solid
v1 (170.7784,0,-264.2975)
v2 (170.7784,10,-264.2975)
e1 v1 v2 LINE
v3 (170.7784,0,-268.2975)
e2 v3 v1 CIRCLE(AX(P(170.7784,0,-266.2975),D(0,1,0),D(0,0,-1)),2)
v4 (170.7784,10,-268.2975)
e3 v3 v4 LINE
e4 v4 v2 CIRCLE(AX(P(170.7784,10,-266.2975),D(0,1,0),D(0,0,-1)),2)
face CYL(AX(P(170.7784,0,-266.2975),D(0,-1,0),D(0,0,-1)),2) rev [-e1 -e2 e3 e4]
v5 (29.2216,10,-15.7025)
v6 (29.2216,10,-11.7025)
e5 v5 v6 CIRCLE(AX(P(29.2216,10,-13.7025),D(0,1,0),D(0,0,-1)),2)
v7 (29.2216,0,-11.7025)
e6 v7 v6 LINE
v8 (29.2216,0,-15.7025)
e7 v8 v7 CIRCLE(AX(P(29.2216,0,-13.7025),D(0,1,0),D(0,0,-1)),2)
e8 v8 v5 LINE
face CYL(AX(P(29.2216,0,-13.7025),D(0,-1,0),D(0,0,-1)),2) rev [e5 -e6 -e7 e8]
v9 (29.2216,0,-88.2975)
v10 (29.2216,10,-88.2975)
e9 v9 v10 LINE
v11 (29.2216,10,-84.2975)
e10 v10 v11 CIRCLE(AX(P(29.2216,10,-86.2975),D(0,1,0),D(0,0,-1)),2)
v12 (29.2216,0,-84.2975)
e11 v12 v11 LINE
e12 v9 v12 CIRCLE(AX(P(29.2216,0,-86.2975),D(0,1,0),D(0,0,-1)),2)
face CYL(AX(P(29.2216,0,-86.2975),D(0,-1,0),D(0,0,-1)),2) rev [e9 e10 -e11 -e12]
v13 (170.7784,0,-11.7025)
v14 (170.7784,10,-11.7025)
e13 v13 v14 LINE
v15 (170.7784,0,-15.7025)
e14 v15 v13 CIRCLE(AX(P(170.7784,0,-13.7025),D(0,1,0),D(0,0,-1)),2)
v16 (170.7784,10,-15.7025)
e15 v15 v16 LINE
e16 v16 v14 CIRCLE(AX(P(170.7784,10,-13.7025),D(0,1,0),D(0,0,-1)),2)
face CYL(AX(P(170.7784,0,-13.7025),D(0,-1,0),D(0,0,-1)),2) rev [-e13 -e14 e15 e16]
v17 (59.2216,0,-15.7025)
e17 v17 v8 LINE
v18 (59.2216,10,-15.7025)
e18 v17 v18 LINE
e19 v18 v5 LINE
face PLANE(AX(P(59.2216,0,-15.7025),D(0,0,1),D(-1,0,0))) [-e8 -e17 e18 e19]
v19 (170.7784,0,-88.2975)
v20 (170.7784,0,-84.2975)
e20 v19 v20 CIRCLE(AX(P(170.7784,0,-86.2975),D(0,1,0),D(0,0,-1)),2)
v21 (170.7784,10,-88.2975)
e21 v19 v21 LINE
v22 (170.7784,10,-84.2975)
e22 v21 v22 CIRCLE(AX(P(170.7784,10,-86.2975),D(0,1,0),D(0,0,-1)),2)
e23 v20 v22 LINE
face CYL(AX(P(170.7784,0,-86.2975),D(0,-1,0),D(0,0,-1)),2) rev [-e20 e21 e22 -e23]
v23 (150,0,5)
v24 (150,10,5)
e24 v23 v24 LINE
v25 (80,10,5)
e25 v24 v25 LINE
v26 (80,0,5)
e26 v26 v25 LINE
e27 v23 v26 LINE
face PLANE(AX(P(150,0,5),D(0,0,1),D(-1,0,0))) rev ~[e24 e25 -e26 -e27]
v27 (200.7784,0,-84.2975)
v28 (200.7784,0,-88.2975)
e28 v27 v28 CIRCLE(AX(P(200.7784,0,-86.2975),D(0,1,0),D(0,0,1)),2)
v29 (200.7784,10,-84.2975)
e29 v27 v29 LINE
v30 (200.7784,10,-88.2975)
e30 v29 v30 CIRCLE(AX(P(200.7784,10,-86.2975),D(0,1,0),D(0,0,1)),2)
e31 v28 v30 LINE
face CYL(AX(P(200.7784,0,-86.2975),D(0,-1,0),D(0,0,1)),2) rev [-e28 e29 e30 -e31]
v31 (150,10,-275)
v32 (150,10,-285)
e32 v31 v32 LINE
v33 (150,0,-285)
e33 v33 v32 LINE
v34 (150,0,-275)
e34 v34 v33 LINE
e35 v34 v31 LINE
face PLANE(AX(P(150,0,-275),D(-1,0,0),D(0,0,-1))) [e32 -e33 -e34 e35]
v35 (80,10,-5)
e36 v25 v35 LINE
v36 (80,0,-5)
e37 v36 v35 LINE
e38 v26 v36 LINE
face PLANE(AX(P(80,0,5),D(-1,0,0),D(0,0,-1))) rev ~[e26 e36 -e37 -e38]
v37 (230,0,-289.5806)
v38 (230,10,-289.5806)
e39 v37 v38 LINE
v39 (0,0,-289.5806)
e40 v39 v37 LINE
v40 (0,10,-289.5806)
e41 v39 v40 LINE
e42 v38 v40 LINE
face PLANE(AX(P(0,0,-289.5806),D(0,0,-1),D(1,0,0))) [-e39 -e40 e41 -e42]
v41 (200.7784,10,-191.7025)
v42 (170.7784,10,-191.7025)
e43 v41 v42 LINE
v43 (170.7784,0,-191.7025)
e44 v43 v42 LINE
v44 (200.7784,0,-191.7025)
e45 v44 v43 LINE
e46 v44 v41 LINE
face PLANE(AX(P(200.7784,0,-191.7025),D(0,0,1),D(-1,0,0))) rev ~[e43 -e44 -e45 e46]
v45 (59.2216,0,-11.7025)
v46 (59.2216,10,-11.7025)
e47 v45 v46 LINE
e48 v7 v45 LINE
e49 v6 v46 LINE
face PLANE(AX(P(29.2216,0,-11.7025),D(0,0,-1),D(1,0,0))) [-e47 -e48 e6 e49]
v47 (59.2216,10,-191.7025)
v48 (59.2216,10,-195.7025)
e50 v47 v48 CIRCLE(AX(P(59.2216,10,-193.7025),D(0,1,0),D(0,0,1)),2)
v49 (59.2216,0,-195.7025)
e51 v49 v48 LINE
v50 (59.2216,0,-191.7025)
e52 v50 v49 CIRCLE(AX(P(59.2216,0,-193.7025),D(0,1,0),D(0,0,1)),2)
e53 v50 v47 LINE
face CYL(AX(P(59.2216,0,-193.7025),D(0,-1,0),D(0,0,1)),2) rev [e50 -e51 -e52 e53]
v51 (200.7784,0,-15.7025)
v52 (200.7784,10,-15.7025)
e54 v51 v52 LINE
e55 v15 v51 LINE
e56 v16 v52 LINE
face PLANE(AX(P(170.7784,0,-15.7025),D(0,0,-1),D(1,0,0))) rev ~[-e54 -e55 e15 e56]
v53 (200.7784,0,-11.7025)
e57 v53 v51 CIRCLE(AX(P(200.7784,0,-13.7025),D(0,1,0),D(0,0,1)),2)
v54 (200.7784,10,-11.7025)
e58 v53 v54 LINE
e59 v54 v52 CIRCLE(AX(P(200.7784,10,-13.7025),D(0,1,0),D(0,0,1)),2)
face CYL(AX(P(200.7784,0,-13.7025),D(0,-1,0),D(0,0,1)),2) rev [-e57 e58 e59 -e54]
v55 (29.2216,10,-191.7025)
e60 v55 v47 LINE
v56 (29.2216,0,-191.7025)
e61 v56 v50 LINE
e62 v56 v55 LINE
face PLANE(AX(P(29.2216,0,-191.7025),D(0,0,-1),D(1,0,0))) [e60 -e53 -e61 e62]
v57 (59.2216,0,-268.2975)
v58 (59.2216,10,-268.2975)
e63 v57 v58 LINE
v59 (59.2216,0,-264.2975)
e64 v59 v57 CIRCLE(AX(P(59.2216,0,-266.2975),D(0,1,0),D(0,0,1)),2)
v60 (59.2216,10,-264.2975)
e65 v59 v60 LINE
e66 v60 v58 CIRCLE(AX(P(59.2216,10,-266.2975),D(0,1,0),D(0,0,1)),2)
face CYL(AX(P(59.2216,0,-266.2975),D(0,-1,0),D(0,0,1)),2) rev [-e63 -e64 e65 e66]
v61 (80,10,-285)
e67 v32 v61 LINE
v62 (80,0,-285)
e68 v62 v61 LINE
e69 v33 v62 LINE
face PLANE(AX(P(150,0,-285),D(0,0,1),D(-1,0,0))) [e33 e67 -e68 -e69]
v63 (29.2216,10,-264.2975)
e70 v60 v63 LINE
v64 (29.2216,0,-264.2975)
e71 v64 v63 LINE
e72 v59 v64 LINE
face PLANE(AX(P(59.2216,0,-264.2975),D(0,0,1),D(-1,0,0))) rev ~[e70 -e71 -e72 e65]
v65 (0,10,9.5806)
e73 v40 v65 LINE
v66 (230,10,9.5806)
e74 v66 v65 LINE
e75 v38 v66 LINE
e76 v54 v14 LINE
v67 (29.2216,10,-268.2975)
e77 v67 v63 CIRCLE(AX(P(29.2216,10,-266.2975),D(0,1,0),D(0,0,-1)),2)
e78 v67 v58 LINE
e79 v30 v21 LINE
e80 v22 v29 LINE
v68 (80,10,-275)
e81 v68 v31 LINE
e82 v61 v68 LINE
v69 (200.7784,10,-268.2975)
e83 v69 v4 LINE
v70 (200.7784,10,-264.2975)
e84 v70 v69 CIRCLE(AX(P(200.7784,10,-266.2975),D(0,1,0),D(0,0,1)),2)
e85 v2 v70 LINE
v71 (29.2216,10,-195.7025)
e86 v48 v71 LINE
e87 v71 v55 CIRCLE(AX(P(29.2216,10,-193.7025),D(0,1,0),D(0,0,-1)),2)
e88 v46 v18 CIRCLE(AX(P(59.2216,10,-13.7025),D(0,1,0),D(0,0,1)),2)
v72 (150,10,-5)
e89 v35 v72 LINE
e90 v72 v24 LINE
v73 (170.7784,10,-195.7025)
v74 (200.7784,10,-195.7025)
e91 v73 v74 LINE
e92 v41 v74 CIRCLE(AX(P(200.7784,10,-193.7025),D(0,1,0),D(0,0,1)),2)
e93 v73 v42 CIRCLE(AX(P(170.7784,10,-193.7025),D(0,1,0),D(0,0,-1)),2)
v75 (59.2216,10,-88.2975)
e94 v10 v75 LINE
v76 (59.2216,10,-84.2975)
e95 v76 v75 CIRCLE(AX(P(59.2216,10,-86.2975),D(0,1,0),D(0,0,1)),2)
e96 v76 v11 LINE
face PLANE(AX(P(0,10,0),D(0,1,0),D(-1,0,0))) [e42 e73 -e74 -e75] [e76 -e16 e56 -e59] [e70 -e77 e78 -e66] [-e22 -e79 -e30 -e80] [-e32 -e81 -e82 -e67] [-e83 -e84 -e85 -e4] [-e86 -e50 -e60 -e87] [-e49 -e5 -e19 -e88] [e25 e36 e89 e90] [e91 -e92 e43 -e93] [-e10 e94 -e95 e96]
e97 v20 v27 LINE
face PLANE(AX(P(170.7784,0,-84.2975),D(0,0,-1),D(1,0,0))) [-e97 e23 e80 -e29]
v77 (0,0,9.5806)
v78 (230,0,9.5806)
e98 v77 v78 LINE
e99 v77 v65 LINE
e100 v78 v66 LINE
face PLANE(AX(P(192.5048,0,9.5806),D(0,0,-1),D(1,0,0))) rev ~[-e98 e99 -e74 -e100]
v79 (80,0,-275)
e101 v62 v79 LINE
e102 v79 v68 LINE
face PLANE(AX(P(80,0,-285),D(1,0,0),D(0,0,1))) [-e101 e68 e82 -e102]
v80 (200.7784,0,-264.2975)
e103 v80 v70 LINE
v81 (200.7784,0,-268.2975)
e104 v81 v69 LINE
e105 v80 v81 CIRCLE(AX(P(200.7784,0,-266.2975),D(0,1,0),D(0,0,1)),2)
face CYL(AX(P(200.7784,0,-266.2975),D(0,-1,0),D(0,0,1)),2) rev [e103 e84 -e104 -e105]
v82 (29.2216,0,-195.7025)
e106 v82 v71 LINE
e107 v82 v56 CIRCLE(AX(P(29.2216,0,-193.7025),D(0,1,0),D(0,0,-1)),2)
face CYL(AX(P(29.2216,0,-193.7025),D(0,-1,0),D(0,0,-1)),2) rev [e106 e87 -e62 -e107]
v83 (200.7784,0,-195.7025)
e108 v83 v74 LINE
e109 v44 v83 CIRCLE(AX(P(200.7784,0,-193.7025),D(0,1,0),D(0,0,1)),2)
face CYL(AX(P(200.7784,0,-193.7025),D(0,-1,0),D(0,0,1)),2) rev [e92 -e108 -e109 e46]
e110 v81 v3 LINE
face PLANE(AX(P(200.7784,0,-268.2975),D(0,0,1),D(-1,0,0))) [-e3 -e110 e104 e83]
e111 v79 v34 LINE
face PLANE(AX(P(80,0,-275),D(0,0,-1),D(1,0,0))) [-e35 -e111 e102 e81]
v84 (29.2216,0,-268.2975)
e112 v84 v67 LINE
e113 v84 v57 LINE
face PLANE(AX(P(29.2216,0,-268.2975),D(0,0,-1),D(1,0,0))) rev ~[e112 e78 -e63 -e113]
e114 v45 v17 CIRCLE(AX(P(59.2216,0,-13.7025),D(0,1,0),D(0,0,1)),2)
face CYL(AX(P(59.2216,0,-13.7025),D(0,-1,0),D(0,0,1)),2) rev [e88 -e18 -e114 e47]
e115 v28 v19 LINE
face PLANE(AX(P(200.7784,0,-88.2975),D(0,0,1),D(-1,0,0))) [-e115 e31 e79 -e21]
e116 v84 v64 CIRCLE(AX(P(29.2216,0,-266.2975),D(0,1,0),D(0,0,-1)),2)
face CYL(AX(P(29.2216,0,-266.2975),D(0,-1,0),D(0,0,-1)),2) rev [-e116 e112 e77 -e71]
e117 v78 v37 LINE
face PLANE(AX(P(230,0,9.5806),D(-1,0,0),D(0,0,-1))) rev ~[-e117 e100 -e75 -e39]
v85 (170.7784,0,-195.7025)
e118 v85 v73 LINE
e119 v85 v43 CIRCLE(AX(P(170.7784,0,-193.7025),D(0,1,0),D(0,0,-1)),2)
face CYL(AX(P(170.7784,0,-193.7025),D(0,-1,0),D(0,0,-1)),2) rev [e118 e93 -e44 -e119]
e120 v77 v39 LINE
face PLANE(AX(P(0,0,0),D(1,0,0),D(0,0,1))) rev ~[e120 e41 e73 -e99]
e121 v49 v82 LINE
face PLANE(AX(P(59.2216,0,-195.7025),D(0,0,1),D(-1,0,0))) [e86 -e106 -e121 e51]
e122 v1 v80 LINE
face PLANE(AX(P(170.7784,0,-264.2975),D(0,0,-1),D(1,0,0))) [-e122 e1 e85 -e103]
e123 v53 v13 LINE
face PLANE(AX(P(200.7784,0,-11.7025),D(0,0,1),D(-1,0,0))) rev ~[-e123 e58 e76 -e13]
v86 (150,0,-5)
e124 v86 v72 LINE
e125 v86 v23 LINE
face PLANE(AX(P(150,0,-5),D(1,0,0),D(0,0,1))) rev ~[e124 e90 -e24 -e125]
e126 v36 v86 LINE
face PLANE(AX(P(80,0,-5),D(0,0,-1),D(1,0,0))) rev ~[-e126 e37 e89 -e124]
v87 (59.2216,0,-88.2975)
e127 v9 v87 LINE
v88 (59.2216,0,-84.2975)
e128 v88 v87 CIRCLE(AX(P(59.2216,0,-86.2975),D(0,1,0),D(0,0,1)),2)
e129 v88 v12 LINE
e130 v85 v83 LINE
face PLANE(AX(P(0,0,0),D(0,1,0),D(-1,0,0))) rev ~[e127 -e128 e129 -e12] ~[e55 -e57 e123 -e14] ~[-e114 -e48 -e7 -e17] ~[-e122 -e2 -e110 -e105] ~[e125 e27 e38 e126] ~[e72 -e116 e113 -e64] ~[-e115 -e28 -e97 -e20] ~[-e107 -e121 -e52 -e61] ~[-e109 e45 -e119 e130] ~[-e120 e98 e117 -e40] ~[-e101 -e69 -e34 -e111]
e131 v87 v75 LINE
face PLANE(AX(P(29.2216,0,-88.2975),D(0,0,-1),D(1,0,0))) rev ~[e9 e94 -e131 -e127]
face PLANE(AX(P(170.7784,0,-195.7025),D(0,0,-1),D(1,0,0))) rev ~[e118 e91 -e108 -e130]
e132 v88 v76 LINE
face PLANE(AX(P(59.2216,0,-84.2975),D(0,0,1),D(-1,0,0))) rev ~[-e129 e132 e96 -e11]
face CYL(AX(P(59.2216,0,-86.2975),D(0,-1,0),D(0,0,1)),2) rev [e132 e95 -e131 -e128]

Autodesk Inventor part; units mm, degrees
ref_plane "YZ Plane" through (0, 0, 0) normal (1, 0, 0) x (0, 1, 0)
ref_plane "XZ Plane" through (0, 0, 0) normal (0, 1, 0) x (-1, 0, 0)
ref_plane "XY Plane" through (0, 0, 0) normal (0, 0, 1) x (1, 0, 0)
sketch "Sketch1" plane through (0, 0, 0) normal (0, 1, 0) x (-1, 0, 0)
  line L0 (-230, 0) -> (-230, -280)
  line L1 (0, -280) -> (0, 0)
  line L2 (-115, 0) -> (-115, -280) construction
  line L3 (-230, -140) -> (0, -140) construction
  line L4 (0, -230) -> (-230, -230) construction
  line L5 (0, -28.043) -> (0, -96.333) construction
  line L6 (0, -69) -> (0, -31) construction
  line L7 (0, -50) -> (-230, -50) construction
  line L8 (0, -31) -> (-80, -31) construction
  line L9 (-80, -31) -> (-80, -69) construction
  line L10 (-80, -69) -> (0, -69) construction
  line L11 (0, -69) -> (0, -31)
  line L12 (-40, -50) -> (-40, -10.0475) construction
  line L13 (-40, -13.7025) -> (-29.2216, -13.7025)
  line L14 (-40, -13.7025) -> (-59.2216, -13.7025)
  line L15 (-29.2216, -13.7025) -> (-59.2216, -13.7025) construction
  line L16 (-29.2216, -11.7025) -> (-59.2216, -11.7025)
  line L17 (-59.2216, -15.7025) -> (-29.2216, -15.7025)
  arc A0 (-29.2216, -15.7025) -> (-29.2216, -11.7025) centre (-29.2216, -13.7025) ccw
  arc A1 (-59.2216, -11.7025) -> (-59.2216, -15.7025) centre (-59.2216, -13.7025) ccw
  line L18 (-40, -86.2975) -> (-29.2216, -86.2975)
  line L19 (-40, -86.2975) -> (-59.2216, -86.2975)
  line L20 (-29.2216, -86.2975) -> (-59.2216, -86.2975) construction
  line L21 (-29.2216, -88.2975) -> (-59.2216, -88.2975)
  line L22 (-59.2216, -84.2975) -> (-29.2216, -84.2975)
  arc A2 (-29.2216, -88.2975) -> (-29.2216, -84.2975) centre (-29.2216, -86.2975) ccw
  arc A3 (-59.2216, -84.2975) -> (-59.2216, -88.2975) centre (-59.2216, -86.2975) ccw
  line L23 (-230, -31) -> (-150, -31) construction
  line L24 (-150, -31) -> (-150, -69) construction
  line L25 (-150, -69) -> (-230, -69) construction
  line L26 (-190, -13.7025) -> (-200.7784, -13.7025)
  line L27 (-190, -13.7025) -> (-170.7784, -13.7025)
  line L28 (-200.7784, -13.7025) -> (-170.7784, -13.7025) construction
  line L29 (-200.7784, -11.7025) -> (-170.7784, -11.7025)
  line L30 (-170.7784, -15.7025) -> (-200.7784, -15.7025)
  arc A4 (-200.7784, -11.7025) -> (-200.7784, -15.7025) centre (-200.7784, -13.7025) ccw
  arc A5 (-170.7784, -15.7025) -> (-170.7784, -11.7025) centre (-170.7784, -13.7025) ccw
  arc A6 (-170.7784, -88.2975) -> (-170.7784, -84.2975) centre (-170.7784, -86.2975) ccw
  line L31 (-190, -86.2975) -> (-170.7784, -86.2975)
  line L32 (-170.7784, -84.2975) -> (-200.7784, -84.2975)
  line L33 (-190, -86.2975) -> (-200.7784, -86.2975)
  line L34 (-200.7784, -86.2975) -> (-170.7784, -86.2975) construction
  line L35 (-200.7784, -88.2975) -> (-170.7784, -88.2975)
  arc A7 (-200.7784, -84.2975) -> (-200.7784, -88.2975) centre (-200.7784, -86.2975) ccw
  line L36 (-115, -280) -> (-115, 0) construction
  line L37 (0, -230) -> (-230, -230) construction
  line L38 (0, -249) -> (-80, -249) construction
  line L39 (-80, -249) -> (-80, -211) construction
  line L40 (-80, -211) -> (0, -211) construction
  line L41 (-40, -230) -> (-40, -269.9525) construction
  line L42 (-40, -266.2975) -> (-29.2216, -266.2975)
  line L43 (-40, -266.2975) -> (-59.2216, -266.2975)
  line L44 (-29.2216, -266.2975) -> (-59.2216, -266.2975) construction
  line L45 (-29.2216, -268.2975) -> (-59.2216, -268.2975)
  line L46 (-59.2216, -264.2975) -> (-29.2216, -264.2975)
  arc A8 (-29.2216, -268.2975) -> (-29.2216, -264.2975) centre (-29.2216, -266.2975) ccw
  arc A9 (-59.2216, -264.2975) -> (-59.2216, -268.2975) centre (-59.2216, -266.2975) ccw
  arc A10 (-59.2216, -191.7025) -> (-59.2216, -195.7025) centre (-59.2216, -193.7025) ccw
  line L47 (-40, -193.7025) -> (-59.2216, -193.7025)
  line L48 (-59.2216, -195.7025) -> (-29.2216, -195.7025)
  line L49 (-40, -193.7025) -> (-29.2216, -193.7025)
  line L50 (-29.2216, -193.7025) -> (-59.2216, -193.7025) construction
  line L51 (-29.2216, -191.7025) -> (-59.2216, -191.7025)
  arc A11 (-29.2216, -195.7025) -> (-29.2216, -191.7025) centre (-29.2216, -193.7025) ccw
  line L52 (-150, -249) -> (-150, -211) construction
  line L53 (-170.7784, -264.2975) -> (-200.7784, -264.2975)
  line L54 (-190, -266.2975) -> (-200.7784, -266.2975)
  line L55 (-190, -266.2975) -> (-170.7784, -266.2975)
  arc A12 (-200.7784, -264.2975) -> (-200.7784, -268.2975) centre (-200.7784, -266.2975) ccw
  line L56 (-200.7784, -268.2975) -> (-170.7784, -268.2975)
  arc A13 (-170.7784, -268.2975) -> (-170.7784, -264.2975) centre (-170.7784, -266.2975) ccw
  line L57 (-200.7784, -266.2975) -> (-170.7784, -266.2975) construction
  line L58 (-170.7784, -195.7025) -> (-200.7784, -195.7025)
  line L59 (-190, -193.7025) -> (-200.7784, -193.7025)
  arc A14 (-200.7784, -191.7025) -> (-200.7784, -195.7025) centre (-200.7784, -193.7025) ccw
  line L60 (-200.7784, -193.7025) -> (-170.7784, -193.7025) construction
  line L61 (-200.7784, -191.7025) -> (-170.7784, -191.7025)
  line L62 (-190, -193.7025) -> (-170.7784, -193.7025)
  arc A15 (-170.7784, -195.7025) -> (-170.7784, -191.7025) centre (-170.7784, -193.7025) ccw
  line L63 (-150, -211) -> (-230, -211) construction
  line L64 (-230, -249) -> (-150, -249) construction
  line L65 (-192.5048, 9.5806) -> (-30, 9.5806)
  line L66 (-192.5048, -289.5806) -> (-30, -289.5806)
  line L67 (-80, -5) -> (-150, -5)
  line L68 (-150, -5) -> (-150, 5)
  line L69 (-150, 5) -> (-80, 5)
  line L70 (-80, 5) -> (-80, -5)
  line L71 (-80, -275) -> (-150, -275)
  line L72 (-150, -275) -> (-150, -285)
  line L73 (-150, -285) -> (-80, -285)
  line L74 (-80, -285) -> (-80, -275)
  line L75 (0, 0) -> (0, 9.5806)
  line L76 (0, 9.5806) -> (-30, 9.5806)
  line L77 (-192.5048, 9.5806) -> (-230, 9.5806)
  line L78 (-230, 9.5806) -> (-230, 0)
  line L79 (0, -280) -> (0, -289.5806)
  line L80 (0, -289.5806) -> (-30, -289.5806)
  line L81 (-192.5048, -289.5806) -> (-230, -289.5806)
  line L82 (-230, -289.5806) -> (-230, -280)
  point P0 (-40, -31)
  point P1 (-44.2216, -13.7025)
  point P2 (-44.2216, -86.2975)
  point P3 (-190, -50)
  point P4 (-190, -31)
  point P5 (-185.7784, -13.7025)
  point P6 (-185.7784, -86.2975)
  point P7 (-40, -249)
  point P8 (-44.2216, -266.2975)
  point P9 (-44.2216, -193.7025)
  point P10 (-190, -230)
  point P11 (-190, -249)
  point P12 (-185.7784, -193.7025)
  point P13 (-185.7784, -266.2975)
  point P14 (-115, -5)
  point P15 (-44.2216, -86.2975)
  point P16 (-44.2216, -193.7025)
  point P17 (-115, -280)
  point P18 (-115, -280)
  point P19 (-115, -275)
  dimension "d0" = 230
  dimension "d15" = 80
  dimension "d25" = 4
  dimension "d33" = 72.595
  dimension "d34" = 30
  dimension "d35" = 107.405
  dimension "d36" = 280
extrude "Extrusion1" add sketch "Sketch1" along normal blind 10 contours L78 L77 L65 L76 L75 L1 L79 L80 L66 L81 L82 L0 | A0 L17 A1 L16 | L21 A3 L22 A2 | L29 A5 L30 A4 | L35 A7 L32 A6 | L45 A9 L46 A8 | L51 A11 L48 A10 | A13 L56 A12 L53 | L58 A14 L61 A15 | L67 L68 L69 L70 | L74 L73 L72 L71
extrude "Extrusion2" cut sketch "Sketch1" along normal through all contours A0 L17 A1 L16 | L21 A3 L22 A2 | L29 A5 L30 A4 | L35 A7 L32 A6 | L45 A9 L46 A8 | L51 A11 L48 A10 | A13 L56 A12 L53 | L58 A14 L61 A15
extrude "Extrusion4" add sketch "Sketch1" along normal blind 10 contours L78 L77 L65 L76 L75 L1 L79 L80 L66 L81 L82 L0 | A0 L17 A1 L16 | L21 A3 L22 A2 | L29 A5 L30 A4 | L35 A7 L32 A6 | L45 A9 L46 A8 | L51 A11 L48 A10 | A13 L56 A12 L53 | L58 A14 L61 A15 | L67 L68 L69 L70 | L74 L73 L72 L71
extrude "Extrusion5" cut sketch "Sketch1" along normal blind 10 contours L67 L68 L69 L70 | L74 L73 L72 L71
extrude "Extrusion6" cut sketch "Sketch1" along normal blind 10 contours L29 A5 L30 A4
extrude "Extrusion7" cut sketch "Sketch1" along normal blind 10 contours A0 L17 A1 L16 | L21 A3 L22 A2 | L35 A7 L32 A6 | L45 A9 L46 A8 | L51 A11 L48 A10 | A13 L56 A12 L53 | L58 A14 L61 A15
properties part number "base"
